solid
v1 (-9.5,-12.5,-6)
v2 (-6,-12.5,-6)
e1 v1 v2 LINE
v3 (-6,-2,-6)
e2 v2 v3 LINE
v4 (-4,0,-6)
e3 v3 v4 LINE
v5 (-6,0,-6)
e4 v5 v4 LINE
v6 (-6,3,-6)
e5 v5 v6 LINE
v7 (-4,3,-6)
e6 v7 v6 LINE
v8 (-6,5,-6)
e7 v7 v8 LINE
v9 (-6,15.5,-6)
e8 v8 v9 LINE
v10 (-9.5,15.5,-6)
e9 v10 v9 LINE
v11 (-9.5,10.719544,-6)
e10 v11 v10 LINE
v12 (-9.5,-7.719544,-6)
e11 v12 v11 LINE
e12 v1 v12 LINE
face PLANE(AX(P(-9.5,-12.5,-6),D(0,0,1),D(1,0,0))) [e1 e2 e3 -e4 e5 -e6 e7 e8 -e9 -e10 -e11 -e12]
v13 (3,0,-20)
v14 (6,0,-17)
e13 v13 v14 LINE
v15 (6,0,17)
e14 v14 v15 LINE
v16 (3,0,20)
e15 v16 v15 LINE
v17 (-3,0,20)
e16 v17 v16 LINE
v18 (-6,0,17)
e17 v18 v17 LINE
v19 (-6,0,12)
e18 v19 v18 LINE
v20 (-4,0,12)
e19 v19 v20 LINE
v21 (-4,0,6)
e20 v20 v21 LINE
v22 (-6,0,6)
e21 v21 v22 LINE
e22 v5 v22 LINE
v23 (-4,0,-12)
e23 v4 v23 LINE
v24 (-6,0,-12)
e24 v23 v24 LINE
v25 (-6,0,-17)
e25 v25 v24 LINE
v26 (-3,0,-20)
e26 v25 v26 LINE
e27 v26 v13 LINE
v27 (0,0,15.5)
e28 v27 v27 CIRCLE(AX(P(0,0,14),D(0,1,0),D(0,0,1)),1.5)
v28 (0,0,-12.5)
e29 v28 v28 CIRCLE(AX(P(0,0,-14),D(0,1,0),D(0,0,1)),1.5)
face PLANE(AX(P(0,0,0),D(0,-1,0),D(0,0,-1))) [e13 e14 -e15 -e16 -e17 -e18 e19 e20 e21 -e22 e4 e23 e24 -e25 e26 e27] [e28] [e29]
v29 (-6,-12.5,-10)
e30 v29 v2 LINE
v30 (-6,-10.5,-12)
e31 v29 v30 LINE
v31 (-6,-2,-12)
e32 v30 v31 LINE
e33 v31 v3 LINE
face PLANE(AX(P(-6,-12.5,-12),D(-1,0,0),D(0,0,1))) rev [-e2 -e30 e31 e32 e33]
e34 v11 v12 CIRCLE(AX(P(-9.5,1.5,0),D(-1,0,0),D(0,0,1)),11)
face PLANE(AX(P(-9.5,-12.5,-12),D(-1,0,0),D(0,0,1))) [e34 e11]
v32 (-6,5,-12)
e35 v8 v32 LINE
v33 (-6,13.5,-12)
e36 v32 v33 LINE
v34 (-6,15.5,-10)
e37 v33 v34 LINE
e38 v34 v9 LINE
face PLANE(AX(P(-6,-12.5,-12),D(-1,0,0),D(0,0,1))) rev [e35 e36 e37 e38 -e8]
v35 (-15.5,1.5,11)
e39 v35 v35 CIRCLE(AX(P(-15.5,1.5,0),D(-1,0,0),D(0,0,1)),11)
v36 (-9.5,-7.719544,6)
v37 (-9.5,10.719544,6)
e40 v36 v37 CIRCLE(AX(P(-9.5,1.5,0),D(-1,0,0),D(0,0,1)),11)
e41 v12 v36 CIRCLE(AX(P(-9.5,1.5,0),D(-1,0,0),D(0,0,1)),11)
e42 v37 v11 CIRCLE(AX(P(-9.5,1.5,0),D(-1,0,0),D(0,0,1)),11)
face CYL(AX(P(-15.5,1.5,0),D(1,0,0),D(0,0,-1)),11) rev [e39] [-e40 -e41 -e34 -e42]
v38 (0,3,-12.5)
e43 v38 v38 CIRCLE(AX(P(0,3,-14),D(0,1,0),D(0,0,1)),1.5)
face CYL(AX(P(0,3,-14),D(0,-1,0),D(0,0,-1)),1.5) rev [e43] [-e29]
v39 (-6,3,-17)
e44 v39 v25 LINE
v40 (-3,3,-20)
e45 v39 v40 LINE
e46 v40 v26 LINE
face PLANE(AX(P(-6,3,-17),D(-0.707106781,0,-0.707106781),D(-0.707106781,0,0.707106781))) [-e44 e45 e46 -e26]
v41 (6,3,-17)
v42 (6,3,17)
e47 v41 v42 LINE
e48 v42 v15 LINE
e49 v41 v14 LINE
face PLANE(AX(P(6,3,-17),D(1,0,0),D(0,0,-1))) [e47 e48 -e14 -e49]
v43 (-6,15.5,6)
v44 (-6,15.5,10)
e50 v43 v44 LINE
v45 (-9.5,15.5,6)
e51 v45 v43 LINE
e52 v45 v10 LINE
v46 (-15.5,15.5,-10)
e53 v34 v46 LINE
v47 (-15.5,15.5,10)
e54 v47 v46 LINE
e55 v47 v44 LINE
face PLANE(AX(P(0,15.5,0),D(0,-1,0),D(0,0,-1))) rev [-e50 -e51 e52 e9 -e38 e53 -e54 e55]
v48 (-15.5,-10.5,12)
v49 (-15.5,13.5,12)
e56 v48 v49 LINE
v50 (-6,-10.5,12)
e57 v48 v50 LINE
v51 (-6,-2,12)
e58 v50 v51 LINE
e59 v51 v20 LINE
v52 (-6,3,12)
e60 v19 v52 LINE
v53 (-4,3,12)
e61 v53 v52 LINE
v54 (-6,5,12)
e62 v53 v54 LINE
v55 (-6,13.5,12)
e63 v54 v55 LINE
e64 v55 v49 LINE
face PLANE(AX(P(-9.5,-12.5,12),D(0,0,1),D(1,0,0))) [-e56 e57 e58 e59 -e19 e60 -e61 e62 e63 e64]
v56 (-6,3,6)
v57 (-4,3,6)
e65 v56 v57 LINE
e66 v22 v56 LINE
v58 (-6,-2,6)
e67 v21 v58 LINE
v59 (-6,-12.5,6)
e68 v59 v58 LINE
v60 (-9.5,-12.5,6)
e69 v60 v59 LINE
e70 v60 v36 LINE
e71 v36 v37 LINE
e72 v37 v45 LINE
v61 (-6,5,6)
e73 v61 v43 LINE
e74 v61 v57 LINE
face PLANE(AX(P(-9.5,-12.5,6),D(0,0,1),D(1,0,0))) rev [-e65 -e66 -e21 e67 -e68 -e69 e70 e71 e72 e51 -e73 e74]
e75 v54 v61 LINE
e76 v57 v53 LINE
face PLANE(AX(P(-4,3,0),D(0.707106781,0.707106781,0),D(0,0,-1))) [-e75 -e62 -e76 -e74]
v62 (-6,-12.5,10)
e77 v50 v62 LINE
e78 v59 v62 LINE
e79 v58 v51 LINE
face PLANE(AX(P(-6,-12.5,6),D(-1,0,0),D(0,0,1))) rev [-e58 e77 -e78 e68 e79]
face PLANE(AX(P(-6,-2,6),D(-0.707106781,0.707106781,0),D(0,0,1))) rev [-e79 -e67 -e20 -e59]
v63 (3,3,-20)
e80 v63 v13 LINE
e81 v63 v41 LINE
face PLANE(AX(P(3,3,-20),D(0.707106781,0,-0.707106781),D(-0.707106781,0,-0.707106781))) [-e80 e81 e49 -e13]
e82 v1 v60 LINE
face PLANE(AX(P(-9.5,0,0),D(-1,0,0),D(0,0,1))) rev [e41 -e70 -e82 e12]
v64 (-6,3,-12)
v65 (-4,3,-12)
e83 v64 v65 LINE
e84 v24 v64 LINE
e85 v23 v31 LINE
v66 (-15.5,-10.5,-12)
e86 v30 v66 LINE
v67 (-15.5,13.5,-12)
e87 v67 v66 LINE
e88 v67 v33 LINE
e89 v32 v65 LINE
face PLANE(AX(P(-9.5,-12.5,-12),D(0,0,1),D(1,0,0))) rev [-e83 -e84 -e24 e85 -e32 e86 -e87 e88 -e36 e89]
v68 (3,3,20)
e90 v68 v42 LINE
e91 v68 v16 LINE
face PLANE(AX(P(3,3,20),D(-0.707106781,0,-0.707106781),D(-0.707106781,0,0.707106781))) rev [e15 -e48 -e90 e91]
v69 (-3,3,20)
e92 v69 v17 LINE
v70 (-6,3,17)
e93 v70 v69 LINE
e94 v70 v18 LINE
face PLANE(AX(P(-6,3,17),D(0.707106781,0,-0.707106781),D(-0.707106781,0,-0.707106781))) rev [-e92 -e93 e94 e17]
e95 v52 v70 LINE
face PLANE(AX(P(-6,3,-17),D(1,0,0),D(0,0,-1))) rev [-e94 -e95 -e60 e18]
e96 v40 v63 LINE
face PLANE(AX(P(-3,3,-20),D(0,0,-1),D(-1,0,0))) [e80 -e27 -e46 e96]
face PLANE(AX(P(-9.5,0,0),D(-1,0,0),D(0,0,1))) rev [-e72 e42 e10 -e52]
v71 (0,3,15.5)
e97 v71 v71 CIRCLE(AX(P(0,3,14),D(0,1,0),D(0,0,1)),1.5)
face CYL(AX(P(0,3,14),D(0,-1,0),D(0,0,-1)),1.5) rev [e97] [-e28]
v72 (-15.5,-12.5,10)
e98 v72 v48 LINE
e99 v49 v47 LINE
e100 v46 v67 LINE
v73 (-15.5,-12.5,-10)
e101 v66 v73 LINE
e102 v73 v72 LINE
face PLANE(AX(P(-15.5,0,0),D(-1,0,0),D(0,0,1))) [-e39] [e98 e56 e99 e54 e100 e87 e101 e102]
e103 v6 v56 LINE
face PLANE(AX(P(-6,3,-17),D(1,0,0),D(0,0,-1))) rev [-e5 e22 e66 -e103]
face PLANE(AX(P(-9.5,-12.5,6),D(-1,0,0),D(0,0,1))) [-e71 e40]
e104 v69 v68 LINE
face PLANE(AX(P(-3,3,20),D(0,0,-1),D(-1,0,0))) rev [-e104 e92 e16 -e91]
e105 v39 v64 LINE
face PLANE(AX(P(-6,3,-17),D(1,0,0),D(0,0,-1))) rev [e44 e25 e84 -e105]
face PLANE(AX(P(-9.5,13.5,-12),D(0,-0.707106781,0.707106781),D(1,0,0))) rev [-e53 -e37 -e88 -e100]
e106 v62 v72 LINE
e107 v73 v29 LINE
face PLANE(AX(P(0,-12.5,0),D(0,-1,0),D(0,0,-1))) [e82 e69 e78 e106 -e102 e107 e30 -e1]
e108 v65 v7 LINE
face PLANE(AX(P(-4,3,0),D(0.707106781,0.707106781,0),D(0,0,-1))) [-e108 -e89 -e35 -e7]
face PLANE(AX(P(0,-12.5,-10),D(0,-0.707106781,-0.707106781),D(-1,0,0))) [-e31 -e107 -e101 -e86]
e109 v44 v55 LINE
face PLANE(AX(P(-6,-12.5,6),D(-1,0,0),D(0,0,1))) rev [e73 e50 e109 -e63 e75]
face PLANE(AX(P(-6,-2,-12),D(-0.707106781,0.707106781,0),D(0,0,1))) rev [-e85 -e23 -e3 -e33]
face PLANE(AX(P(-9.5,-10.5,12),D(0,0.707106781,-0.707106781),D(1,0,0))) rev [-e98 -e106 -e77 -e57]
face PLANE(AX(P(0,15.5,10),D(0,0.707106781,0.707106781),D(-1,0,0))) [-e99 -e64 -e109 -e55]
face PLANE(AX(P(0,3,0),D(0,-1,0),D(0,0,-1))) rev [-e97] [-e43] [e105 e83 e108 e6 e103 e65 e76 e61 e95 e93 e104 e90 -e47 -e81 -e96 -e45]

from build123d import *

# Parameters (mm, degrees)
SKETCH1_R           = 1.5
BOSS_EXTRUDE1_DEPTH = 3
BOSS_EXTRUDE2_START = 12.5
SKETCH2_W           = 3.5
SKETCH2_H           = 6
BOSS_EXTRUDE2_DEPTH = 28
CHAMFER2_SIZE       = 2
SKETCH3_W           = 24
SKETCH3_H           = 28
SKETCH3_R           = 11
BOSS_EXTRUDE4_DEPTH = 6
CHAMFER3_SIZE       = 2


with BuildPart() as part:
    # Sketch1 → Boss-Extrude1 (new body)
    with BuildSketch(Plane(origin=(0, 0, 0), x_dir=(1, 0, 0), z_dir=(0, 1, 0))):
        Polygon((-6, 17), (-3, 20), (3, 20), (6, 17), (6, -17), (3, -20), (-3, -20), (-6, -17), align=None)
        with Locations(Location((0, 14, 0), (0, 0, 270))):
            Circle(SKETCH1_R, mode=Mode.SUBTRACT)
        with Locations(Location((0, -14, 0), (0, 0, 270))):
            Circle(SKETCH1_R, mode=Mode.SUBTRACT)
    extrude(amount=BOSS_EXTRUDE1_DEPTH)

    # Sketch2 → Boss-Extrude2 (add)
    with BuildSketch(Plane(origin=(0, 3, 0), x_dir=(1, 0, 0), z_dir=(0, 1, 0)).offset(BOSS_EXTRUDE2_START)):
        with Locations((-7.75, 9)):
            Rectangle(SKETCH2_W, SKETCH2_H)
        with Locations((-7.75, -9)):
            Rectangle(SKETCH2_W, SKETCH2_H)
    extrude(amount=-BOSS_EXTRUDE2_DEPTH)

    # Chamfer2
    chamfer2_edges = [part.edges().sort_by_distance(p)[0] for p in [
        (-6, 0, -9),
        (-6, 0, 9),
        (-6, 3, -9),
        (-6, 3, 9),
    ]]
    chamfer(chamfer2_edges, length=CHAMFER2_SIZE)

    # Sketch3 → Boss-Extrude4 (add)
    with BuildSketch(Plane.ZY.offset(9.5)):
        with Locations((0, 1.5)):
            Rectangle(SKETCH3_W, SKETCH3_H)
        with Locations(Location((0, 1.5, 0), (0, 0, 236.944268849))):
            Circle(SKETCH3_R, mode=Mode.SUBTRACT)
    extrude(amount=BOSS_EXTRUDE4_DEPTH)

    # Chamfer3
    chamfer3_edges = [part.edges().sort_by_distance(p)[0] for p in [
        (-10.75, 15.5, -12),
        (-10.75, -12.5, -12),
        (-10.75, -12.5, 12),
        (-10.75, 15.5, 12),
    ]]
    chamfer(chamfer3_edges, length=CHAMFER3_SIZE)


solid = part.part
